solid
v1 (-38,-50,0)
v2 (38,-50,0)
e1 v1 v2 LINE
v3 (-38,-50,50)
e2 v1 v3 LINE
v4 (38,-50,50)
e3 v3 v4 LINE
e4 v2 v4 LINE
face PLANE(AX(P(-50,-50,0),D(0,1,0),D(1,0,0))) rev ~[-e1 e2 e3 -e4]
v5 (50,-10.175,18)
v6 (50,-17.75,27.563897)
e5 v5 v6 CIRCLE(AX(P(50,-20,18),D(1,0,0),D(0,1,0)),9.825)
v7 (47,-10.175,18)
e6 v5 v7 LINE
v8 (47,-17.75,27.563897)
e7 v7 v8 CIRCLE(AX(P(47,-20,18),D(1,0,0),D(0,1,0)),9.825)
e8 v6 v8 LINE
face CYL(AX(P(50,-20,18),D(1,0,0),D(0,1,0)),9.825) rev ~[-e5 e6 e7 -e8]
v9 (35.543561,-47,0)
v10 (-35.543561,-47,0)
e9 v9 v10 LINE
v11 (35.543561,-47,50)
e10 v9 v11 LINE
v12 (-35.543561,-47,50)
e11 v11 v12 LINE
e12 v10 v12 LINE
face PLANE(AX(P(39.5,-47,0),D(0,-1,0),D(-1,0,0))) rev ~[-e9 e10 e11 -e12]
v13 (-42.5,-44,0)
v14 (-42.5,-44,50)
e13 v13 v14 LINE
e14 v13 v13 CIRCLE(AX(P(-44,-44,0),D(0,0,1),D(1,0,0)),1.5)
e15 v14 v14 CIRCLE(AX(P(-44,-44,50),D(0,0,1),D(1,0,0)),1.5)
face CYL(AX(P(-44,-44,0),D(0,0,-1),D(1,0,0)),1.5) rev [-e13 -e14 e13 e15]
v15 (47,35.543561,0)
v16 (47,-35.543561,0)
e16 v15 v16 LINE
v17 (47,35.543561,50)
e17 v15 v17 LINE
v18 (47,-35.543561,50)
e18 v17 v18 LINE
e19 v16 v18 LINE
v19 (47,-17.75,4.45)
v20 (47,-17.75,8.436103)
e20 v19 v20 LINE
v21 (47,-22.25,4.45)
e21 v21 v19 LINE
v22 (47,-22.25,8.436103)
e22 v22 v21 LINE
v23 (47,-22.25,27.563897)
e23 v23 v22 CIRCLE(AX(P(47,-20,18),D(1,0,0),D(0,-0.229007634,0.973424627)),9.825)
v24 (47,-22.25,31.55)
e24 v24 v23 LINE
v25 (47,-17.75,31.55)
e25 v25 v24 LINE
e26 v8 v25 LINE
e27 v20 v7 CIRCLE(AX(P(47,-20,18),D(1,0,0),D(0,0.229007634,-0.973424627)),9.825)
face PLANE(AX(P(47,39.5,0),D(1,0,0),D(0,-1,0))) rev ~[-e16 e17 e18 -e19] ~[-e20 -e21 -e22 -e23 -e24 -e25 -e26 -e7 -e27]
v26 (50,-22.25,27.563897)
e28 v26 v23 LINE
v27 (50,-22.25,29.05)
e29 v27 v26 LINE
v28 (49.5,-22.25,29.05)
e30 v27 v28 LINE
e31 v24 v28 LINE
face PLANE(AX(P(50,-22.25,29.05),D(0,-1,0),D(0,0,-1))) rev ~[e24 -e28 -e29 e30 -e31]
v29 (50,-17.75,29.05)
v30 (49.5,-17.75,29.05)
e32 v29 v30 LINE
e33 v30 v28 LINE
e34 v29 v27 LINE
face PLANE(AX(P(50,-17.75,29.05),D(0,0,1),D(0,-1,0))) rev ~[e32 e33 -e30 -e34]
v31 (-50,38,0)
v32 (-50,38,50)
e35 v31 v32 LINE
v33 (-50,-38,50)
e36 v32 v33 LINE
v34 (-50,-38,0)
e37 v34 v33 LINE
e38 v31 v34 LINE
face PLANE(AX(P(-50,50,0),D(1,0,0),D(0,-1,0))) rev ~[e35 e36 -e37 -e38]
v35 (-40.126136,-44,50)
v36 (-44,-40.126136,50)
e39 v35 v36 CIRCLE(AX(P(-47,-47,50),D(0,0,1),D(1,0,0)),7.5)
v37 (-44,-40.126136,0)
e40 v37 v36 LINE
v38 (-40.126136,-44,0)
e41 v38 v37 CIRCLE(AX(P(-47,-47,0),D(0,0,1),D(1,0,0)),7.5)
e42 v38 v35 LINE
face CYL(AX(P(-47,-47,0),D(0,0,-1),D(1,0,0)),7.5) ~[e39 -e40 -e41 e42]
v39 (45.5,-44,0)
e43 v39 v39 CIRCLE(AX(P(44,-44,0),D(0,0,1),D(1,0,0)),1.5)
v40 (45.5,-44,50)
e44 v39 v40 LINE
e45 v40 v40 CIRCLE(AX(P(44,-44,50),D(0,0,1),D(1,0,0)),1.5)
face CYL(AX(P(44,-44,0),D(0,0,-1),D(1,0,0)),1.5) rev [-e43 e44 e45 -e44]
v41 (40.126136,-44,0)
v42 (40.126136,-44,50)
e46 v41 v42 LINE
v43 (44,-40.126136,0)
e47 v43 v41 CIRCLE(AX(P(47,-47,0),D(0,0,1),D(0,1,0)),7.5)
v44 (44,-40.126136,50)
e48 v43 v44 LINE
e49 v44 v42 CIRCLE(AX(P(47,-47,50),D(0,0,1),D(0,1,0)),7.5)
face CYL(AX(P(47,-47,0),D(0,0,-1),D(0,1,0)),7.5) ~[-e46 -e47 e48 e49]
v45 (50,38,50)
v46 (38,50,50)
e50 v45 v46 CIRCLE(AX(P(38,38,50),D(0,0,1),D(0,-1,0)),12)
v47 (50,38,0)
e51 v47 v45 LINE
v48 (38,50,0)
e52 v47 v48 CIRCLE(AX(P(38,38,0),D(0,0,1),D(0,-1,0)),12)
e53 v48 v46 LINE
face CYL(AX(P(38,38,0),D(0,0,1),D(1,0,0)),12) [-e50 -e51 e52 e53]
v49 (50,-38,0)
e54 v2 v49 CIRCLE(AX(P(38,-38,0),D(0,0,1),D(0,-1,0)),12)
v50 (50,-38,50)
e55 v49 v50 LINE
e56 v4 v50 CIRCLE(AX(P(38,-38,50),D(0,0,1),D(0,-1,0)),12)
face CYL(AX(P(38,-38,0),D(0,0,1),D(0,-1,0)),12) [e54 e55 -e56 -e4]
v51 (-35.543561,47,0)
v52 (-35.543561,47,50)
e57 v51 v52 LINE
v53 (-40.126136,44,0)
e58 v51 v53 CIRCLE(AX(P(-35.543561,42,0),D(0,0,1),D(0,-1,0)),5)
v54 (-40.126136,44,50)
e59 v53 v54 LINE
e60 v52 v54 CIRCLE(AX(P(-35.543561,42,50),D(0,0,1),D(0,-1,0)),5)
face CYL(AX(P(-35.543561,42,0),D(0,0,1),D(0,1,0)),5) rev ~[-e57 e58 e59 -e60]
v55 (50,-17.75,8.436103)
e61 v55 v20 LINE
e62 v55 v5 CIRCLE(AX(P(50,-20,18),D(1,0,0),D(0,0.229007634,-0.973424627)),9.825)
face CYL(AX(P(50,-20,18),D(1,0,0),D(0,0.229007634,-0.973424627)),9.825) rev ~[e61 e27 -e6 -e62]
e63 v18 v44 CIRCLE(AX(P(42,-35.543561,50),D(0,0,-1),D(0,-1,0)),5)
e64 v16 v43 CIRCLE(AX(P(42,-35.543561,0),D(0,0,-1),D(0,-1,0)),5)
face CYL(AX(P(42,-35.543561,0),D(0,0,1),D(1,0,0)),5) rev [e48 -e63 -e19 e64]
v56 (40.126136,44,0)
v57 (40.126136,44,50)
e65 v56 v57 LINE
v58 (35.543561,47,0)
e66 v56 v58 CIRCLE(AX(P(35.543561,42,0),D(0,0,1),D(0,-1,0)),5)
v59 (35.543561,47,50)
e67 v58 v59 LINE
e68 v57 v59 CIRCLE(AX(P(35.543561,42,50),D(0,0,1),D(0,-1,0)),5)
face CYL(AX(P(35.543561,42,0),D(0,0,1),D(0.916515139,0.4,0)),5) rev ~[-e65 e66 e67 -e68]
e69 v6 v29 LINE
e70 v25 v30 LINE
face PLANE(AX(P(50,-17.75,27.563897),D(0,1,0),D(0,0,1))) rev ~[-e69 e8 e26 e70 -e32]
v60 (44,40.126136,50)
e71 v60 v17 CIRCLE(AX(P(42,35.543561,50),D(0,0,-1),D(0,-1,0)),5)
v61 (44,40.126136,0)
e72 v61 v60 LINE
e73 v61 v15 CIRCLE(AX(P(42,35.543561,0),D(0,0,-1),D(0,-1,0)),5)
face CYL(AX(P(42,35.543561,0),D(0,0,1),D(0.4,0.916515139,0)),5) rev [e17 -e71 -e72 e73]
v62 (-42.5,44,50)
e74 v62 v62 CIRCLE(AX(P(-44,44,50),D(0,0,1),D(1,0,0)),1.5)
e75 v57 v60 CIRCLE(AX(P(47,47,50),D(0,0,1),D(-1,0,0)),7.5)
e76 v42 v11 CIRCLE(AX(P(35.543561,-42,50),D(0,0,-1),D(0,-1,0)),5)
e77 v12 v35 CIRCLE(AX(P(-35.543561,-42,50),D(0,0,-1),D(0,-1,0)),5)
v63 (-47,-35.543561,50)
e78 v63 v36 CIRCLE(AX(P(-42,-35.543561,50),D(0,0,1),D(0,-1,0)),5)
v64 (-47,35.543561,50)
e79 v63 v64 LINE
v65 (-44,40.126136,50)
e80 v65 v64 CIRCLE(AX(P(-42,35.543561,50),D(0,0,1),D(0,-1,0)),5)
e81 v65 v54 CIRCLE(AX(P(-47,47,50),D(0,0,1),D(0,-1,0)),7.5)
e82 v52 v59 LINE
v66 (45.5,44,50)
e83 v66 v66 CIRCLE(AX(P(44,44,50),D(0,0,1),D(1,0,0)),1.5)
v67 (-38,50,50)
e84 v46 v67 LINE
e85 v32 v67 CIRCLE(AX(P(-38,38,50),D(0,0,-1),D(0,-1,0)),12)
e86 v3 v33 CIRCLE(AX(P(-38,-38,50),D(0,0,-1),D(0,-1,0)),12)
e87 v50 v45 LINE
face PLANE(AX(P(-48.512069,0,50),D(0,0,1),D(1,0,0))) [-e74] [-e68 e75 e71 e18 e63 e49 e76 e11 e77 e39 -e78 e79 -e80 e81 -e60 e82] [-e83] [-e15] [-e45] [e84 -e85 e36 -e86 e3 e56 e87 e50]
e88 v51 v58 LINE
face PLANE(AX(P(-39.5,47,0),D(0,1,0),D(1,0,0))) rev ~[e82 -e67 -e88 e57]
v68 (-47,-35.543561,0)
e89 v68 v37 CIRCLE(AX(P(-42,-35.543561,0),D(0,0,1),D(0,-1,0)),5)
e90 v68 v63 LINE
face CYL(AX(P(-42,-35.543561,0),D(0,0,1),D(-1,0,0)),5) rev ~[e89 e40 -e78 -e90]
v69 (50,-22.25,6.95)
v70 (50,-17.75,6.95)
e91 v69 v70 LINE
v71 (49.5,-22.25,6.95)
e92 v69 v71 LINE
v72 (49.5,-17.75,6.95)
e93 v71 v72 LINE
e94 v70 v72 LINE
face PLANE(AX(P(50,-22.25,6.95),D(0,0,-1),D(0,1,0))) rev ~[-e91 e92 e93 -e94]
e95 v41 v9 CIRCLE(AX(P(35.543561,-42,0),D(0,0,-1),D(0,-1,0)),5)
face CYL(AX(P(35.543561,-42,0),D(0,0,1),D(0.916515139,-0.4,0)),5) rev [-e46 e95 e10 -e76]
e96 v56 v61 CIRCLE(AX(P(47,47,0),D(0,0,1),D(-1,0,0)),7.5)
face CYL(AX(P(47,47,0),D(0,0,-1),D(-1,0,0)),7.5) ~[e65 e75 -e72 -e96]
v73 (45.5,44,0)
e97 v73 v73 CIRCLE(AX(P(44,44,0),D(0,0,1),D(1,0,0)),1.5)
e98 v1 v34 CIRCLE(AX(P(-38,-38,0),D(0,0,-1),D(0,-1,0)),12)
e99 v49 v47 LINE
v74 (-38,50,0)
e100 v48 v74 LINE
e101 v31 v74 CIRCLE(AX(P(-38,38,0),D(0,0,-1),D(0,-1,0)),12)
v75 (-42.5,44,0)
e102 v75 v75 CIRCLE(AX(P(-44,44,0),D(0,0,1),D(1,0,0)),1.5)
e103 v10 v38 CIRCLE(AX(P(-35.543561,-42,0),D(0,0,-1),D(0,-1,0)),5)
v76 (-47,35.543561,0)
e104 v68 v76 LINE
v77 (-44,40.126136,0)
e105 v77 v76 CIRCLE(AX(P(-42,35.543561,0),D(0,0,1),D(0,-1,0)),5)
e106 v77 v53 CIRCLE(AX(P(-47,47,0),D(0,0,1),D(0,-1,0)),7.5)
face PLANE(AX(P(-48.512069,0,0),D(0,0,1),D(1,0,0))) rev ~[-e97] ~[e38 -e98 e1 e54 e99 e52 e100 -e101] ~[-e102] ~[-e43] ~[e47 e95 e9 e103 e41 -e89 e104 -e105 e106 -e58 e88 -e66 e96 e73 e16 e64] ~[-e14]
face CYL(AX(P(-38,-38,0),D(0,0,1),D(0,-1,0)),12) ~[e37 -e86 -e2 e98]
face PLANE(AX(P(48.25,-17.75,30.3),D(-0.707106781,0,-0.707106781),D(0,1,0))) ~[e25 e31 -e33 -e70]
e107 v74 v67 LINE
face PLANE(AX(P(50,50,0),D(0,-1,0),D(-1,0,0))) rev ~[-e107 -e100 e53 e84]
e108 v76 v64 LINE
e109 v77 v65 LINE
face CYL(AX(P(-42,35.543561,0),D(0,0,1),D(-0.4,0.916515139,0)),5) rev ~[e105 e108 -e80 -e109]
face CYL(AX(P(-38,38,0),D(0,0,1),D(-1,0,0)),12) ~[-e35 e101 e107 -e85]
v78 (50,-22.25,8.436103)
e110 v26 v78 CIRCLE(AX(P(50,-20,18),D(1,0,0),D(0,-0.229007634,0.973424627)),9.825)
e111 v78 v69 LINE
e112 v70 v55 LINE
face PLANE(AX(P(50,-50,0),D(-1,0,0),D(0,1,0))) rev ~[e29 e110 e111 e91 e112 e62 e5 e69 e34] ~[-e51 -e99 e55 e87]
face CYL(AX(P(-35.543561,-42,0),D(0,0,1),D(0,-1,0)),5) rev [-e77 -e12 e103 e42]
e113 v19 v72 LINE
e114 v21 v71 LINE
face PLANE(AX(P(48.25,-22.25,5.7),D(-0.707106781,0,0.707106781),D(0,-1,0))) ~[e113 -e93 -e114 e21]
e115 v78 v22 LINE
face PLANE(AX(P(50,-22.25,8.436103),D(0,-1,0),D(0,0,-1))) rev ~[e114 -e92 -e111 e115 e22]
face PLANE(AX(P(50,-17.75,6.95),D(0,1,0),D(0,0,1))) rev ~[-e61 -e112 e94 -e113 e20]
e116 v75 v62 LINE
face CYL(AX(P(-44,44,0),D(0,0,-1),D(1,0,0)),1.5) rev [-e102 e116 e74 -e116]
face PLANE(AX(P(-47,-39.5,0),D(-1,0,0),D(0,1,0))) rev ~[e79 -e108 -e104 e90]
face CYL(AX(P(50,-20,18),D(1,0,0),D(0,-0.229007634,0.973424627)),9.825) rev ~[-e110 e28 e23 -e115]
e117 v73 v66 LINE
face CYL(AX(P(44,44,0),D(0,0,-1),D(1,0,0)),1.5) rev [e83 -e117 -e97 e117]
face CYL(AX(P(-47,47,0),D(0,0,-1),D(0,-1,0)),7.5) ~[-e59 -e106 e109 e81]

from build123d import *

# Parameters (mm, degrees)
F0_R     = 1.5
F1_DEPTH = 50
F2_R     = 12
F3_R     = 5
F5_DEPTH = 4
F6_SIZE  = 2.5


with BuildPart() as f1:
    # F0 (on Top) → F1 (new body)
    with BuildSketch(Plane.XY):
        with BuildLine():
            Line((-50, 40.1261364576), (-50, -40.1261364576))
            ThreePointArc((-50, -40.1261364576), (-48.5323223277, -39.658202653), (-47, -39.5))
            Line((-47, -39.5), (-47, 39.5))
            ThreePointArc((-47, 39.5), (-48.5323223277, 39.658202653), (-50, 40.1261364576))
        make_face()
        with BuildLine():
            Line((-50, -50), (-40.1261364576, -50))
            ThreePointArc((-40.1261364576, -50), (-39.658202653, -48.5323223277), (-39.5, -47))
            Line((-39.5, -47), (-47, -47))
            Line((-47, -47), (-47, -39.5))
            ThreePointArc((-47, -39.5), (-48.5323223277, -39.658202653), (-50, -40.1261364576))
            Line((-50, -40.1261364576), (-50, -50))
        make_face()
        with BuildLine():
            Line((-47, -47), (-39.5, -47))
            ThreePointArc((-39.5, -47), (-41.6966991411, -41.6966991411), (-47, -39.5))
            Line((-47, -39.5), (-47, -47))
        make_face()
        with Locations((-44, -44)):
            Circle(F0_R, mode=Mode.SUBTRACT)
        with BuildLine():
            Line((-40.1261364576, -50), (40.1261364576, -50))
            ThreePointArc((40.1261364576, -50), (39.658202653, -48.5323223277), (39.5, -47))
            Line((39.5, -47), (-39.5, -47))
            ThreePointArc((-39.5, -47), (-39.658202653, -48.5323223277), (-40.1261364576, -50))
        make_face()
        with BuildLine():
            Line((40.1261364576, -50), (50, -50))
            Line((50, -50), (50, -40.1261364576))
            ThreePointArc((50, -40.1261364576), (48.5323223277, -39.658202653), (47, -39.5))
            Line((47, -39.5), (47, -47))
            Line((47, -47), (39.5, -47))
            ThreePointArc((39.5, -47), (39.658202653, -48.5323223277), (40.1261364576, -50))
        make_face()
        with BuildLine():
            ThreePointArc((47, -39.5), (41.6966991411, -41.6966991411), (39.5, -47))
            Line((39.5, -47), (47, -47))
            Line((47, -47), (47, -39.5))
        make_face()
        with Locations((44, -44)):
            Circle(F0_R, mode=Mode.SUBTRACT)
        with BuildLine():
            ThreePointArc((47, -39.5), (48.5323223277, -39.658202653), (50, -40.1261364576))
            Line((50, -40.1261364576), (50, 40.1261364576))
            ThreePointArc((50, 40.1261364576), (48.5323223277, 39.658202653), (47, 39.5))
            Line((47, 39.5), (47, -39.5))
        make_face()
        with BuildLine():
            ThreePointArc((47, 39.5), (48.5323223277, 39.658202653), (50, 40.1261364576))
            Line((50, 40.1261364576), (50, 50))
            Line((50, 50), (40.1261364576, 50))
            ThreePointArc((40.1261364576, 50), (39.658202653, 48.5323223277), (39.5, 47))
            Line((39.5, 47), (47, 47))
            Line((47, 47), (47, 39.5))
        make_face()
        with BuildLine():
            ThreePointArc((39.5, 47), (41.6966991411, 41.6966991411), (47, 39.5))
            Line((47, 39.5), (47, 47))
            Line((47, 47), (39.5, 47))
        make_face()
        with Locations((44, 44)):
            Circle(F0_R, mode=Mode.SUBTRACT)
        with BuildLine():
            ThreePointArc((39.5, 47), (39.658202653, 48.5323223277), (40.1261364576, 50))
            Line((40.1261364576, 50), (-40.1261364576, 50))
            ThreePointArc((-40.1261364576, 50), (-39.658202653, 48.5323223277), (-39.5, 47))
            Line((-39.5, 47), (39.5, 47))
        make_face()
        with BuildLine():
            Line((-50, 50), (-50, 40.1261364576))
            ThreePointArc((-50, 40.1261364576), (-48.5323223277, 39.658202653), (-47, 39.5))
            Line((-47, 39.5), (-47, 47))
            Line((-47, 47), (-39.5, 47))
            ThreePointArc((-39.5, 47), (-39.658202653, 48.5323223277), (-40.1261364576, 50))
            Line((-40.1261364576, 50), (-50, 50))
        make_face()
        with BuildLine():
            Line((-47, 47), (-47, 39.5))
            ThreePointArc((-47, 39.5), (-41.6966991411, 41.6966991411), (-39.5, 47))
            Line((-39.5, 47), (-47, 47))
        make_face()
        with Locations((-44, 44)):
            Circle(F0_R, mode=Mode.SUBTRACT)
    extrude(amount=F1_DEPTH)

    # F2
    f2_edges = [f1.edges().sort_by_distance(p)[0] for p in [
        (-50, 50, 25),
        (50, 50, 25),
        (50, -50, 25),
        (-50, -50, 25),
    ]]
    fillet(f2_edges, radius=F2_R)

    # F3
    f3_edges = [f1.edges().sort_by_distance(p)[0] for p in [
        (-47, -39.5, 25),
        (-39.5, -47, 25),
        (39.5, -47, 25),
        (47, -39.5, 25),
        (39.5, 47, 25),
        (47, 39.5, 25),
        (-47, 39.5, 25),
        (-39.5, 47, 25),
    ]]
    fillet(f3_edges, radius=F3_R)

    # F4 (on face) → F5 (cut)
    with BuildSketch(Plane.YZ.offset(50)):
        with BuildLine():
            Line((-22.25, 8.4361030432), (-22.25, 27.5638969568))
            ThreePointArc((-22.25, 27.5638969568), (-29.825, 18), (-22.25, 8.4361030432))
        make_face()
        with BuildLine():
            Line((-17.75, 8.4361030432), (-17.75, 27.5638969568))
            ThreePointArc((-17.75, 27.5638969568), (-20, 27.825), (-22.25, 27.5638969568))
            Line((-22.25, 27.5638969568), (-22.25, 8.4361030432))
            ThreePointArc((-22.25, 8.4361030432), (-20, 8.175), (-17.75, 8.4361030432))
        make_face()
        with BuildLine():
            ThreePointArc((-17.75, 8.4361030432), (-12.2981536305, 11.8998206994), (-10.175, 18))
            ThreePointArc((-10.175, 18), (-12.2981536305, 24.1001793006), (-17.75, 27.5638969568))
            Line((-17.75, 27.5638969568), (-17.75, 8.4361030432))
        make_face()
        with BuildLine():
            ThreePointArc((-22.25, 27.5638969568), (-20, 27.825), (-17.75, 27.5638969568))
            Line((-17.75, 27.5638969568), (-17.75, 29.05))
            Line((-17.75, 29.05), (-22.25, 29.05))
            Line((-22.25, 29.05), (-22.25, 27.5638969568))
        make_face()
        with BuildLine():
            Line((-17.75, 6.95), (-17.75, 8.4361030432))
            ThreePointArc((-17.75, 8.4361030432), (-20, 8.175), (-22.25, 8.4361030432))
            Line((-22.25, 8.4361030432), (-22.25, 6.95))
            Line((-22.25, 6.95), (-17.75, 6.95))
        make_face()
    extrude(amount=-F5_DEPTH, mode=Mode.SUBTRACT)

    # F6
    f6_edges = [f1.edges().sort_by_distance(p)[0] for p in [
        (47, -20, 29.05),
        (47, -20, 6.95),
    ]]
    chamfer(f6_edges, length=F6_SIZE)


solid = f1.part
